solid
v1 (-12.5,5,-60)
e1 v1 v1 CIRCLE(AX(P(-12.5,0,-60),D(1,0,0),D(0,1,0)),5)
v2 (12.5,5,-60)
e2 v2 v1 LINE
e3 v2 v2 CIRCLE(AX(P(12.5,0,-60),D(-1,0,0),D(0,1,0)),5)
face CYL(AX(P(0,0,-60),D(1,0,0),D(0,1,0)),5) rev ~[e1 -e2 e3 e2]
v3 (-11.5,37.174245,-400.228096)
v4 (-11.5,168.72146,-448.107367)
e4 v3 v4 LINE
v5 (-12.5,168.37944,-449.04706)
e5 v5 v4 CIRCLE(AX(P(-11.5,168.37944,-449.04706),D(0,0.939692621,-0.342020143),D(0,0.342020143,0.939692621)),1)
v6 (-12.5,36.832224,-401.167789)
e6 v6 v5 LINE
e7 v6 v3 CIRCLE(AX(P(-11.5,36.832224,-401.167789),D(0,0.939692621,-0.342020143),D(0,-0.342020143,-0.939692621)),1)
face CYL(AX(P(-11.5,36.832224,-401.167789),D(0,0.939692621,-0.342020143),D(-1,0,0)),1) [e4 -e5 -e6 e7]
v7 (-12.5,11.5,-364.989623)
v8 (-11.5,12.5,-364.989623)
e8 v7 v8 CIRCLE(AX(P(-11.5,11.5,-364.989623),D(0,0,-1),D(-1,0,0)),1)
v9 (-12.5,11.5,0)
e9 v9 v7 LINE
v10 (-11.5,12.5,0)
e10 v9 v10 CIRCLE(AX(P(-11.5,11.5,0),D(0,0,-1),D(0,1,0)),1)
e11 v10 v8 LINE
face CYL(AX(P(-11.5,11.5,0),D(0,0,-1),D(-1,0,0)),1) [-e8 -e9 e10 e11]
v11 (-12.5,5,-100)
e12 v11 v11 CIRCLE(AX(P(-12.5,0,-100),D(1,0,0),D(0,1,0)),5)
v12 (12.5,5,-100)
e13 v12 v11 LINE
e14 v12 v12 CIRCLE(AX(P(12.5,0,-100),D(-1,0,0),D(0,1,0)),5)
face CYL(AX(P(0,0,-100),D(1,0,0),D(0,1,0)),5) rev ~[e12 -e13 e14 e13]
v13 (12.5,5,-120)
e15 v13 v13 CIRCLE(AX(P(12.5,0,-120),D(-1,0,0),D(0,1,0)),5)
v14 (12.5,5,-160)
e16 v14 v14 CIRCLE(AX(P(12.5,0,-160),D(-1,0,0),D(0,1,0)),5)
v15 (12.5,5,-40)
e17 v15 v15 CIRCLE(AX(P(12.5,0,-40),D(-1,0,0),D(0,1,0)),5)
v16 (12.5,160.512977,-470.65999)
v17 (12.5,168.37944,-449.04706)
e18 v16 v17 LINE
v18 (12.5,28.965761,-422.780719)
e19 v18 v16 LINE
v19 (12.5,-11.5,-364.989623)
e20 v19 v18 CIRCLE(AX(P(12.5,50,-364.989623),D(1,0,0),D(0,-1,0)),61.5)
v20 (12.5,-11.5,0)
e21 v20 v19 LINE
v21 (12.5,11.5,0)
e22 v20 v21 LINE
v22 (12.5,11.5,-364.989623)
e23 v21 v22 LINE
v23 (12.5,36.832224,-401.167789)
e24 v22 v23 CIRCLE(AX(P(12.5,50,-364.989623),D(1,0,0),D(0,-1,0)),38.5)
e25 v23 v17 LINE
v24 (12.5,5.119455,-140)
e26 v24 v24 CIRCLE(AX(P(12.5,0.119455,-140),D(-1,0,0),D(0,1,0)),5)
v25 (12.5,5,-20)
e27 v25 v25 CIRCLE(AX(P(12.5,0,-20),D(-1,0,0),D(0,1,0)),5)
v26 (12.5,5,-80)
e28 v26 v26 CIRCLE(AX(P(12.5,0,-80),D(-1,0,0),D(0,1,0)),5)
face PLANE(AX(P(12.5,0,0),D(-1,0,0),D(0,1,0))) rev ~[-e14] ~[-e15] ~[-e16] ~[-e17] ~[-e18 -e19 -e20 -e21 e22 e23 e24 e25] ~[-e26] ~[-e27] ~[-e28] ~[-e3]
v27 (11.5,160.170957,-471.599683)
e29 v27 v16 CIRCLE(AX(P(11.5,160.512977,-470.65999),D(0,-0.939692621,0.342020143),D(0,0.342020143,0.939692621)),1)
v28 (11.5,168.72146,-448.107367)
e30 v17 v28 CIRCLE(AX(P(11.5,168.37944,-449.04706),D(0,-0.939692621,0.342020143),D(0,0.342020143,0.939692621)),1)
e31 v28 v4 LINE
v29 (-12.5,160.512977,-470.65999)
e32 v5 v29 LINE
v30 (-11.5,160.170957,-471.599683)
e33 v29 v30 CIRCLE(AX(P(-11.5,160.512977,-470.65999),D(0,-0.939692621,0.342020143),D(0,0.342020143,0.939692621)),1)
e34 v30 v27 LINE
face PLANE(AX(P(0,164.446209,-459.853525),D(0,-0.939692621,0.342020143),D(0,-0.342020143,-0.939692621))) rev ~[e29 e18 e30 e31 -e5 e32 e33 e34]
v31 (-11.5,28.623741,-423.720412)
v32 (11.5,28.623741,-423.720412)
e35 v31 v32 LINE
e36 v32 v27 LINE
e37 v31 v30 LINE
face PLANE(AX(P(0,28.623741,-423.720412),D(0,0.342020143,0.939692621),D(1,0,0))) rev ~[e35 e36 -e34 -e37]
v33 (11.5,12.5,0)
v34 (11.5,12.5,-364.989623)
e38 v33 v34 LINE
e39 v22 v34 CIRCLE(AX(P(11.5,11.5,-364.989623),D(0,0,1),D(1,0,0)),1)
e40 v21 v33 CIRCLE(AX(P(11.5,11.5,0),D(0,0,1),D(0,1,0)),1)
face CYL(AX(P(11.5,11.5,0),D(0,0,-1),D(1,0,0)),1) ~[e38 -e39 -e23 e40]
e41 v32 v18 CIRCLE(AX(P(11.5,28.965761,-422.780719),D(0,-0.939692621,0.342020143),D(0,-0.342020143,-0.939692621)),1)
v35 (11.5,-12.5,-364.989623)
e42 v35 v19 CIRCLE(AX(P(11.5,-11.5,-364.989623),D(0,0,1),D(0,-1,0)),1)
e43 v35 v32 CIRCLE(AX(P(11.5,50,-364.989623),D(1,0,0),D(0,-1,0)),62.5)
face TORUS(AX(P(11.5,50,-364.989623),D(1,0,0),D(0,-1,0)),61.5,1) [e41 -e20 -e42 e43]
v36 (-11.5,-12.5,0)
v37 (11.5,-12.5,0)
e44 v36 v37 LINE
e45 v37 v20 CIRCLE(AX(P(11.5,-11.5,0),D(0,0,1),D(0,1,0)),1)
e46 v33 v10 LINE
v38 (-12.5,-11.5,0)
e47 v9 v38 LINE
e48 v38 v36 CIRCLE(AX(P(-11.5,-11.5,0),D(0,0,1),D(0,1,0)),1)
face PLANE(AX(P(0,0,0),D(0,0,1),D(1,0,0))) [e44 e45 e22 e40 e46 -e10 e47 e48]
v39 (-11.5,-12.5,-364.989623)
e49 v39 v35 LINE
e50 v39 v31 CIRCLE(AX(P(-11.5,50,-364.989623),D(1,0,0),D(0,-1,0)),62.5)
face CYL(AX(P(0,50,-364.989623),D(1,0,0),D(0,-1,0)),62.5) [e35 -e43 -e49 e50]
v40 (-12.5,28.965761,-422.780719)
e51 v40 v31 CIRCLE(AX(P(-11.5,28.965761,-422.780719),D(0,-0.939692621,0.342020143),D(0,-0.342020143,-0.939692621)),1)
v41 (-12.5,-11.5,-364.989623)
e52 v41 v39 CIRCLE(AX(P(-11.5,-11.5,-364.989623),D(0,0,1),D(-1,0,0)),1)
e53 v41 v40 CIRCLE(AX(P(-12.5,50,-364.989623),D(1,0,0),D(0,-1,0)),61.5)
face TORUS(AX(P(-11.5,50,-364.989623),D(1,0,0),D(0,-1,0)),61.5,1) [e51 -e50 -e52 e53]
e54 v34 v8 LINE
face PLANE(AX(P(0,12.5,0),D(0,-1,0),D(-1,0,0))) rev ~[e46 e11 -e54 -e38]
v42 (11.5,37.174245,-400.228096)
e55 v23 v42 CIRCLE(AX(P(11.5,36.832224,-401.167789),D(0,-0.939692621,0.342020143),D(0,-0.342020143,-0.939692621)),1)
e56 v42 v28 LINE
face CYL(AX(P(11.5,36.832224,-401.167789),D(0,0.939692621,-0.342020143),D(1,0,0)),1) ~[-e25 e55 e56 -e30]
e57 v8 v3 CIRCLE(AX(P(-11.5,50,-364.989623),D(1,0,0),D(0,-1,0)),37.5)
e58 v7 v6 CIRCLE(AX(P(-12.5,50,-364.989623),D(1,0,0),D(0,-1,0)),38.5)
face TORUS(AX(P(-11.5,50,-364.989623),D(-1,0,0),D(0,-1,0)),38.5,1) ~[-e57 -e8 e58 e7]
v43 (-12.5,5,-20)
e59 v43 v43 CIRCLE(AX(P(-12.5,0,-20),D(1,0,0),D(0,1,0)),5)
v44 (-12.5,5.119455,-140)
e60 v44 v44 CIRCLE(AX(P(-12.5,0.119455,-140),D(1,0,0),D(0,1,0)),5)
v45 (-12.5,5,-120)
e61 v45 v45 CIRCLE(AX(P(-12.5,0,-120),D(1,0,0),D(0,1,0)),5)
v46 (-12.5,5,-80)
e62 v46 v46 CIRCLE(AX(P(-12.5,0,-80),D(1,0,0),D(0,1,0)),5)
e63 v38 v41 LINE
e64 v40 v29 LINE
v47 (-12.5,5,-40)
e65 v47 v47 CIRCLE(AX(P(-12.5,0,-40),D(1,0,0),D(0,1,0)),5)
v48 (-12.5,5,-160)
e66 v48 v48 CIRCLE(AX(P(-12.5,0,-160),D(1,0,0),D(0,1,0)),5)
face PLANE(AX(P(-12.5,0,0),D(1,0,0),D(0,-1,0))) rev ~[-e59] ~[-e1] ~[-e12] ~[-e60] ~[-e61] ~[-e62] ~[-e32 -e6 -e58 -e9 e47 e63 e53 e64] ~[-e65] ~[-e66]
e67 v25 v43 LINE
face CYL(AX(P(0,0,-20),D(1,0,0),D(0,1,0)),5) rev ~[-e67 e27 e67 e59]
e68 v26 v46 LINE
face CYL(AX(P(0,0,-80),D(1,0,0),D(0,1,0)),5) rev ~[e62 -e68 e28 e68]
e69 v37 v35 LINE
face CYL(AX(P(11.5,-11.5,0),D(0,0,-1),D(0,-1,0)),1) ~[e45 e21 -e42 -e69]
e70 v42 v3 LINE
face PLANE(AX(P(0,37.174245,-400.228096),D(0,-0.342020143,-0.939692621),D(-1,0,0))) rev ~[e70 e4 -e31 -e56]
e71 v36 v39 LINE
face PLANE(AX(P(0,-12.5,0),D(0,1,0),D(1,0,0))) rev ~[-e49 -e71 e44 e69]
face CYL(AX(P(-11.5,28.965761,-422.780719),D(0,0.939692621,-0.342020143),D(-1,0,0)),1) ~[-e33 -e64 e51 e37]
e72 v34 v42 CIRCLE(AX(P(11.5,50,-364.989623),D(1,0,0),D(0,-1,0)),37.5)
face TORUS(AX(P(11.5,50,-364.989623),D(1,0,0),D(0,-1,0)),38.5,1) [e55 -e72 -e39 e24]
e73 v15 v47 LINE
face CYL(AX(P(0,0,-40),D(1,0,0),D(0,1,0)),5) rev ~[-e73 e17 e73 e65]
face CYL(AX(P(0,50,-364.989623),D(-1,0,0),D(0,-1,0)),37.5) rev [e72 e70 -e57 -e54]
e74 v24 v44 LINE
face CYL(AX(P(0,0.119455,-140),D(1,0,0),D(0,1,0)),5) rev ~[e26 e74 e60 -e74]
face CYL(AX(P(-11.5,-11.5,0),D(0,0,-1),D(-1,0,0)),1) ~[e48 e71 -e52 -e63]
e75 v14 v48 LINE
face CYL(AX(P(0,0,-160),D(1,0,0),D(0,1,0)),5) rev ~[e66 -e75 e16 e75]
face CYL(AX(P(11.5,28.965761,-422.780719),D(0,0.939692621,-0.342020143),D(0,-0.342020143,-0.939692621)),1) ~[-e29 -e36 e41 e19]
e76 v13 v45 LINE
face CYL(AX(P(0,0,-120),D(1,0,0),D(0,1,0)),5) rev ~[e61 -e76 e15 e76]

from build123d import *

# Parameters (mm, degrees)
F0_W          = 25
F0_H          = 25
F3_R          = 1
F4_R          = 5
F5_DEPTH      = 12.5010001
F5_DEPTH_BACK = 12.5010001


with BuildPart() as f2:
    # F2: sweep along a path in F1
    with BuildLine(Plane.YZ) as f2_path:
        Line((0, 0), (0, -364.9896230895))
        ThreePointArc((0, -364.9896230895), (9.0423977856, -393.6684449071), (32.8989928337, -411.9742541288))
        Line((32.8989928337, -411.9742541288), (164.4462086375, -459.853525082))
    # F0 (on Top) → F2 (sweep)
    with BuildSketch(Plane.XY):
        Rectangle(F0_W, F0_H)
    sweep(path=f2_path.line)

    # F3
    f3_edges = [f2.edges().sort_by_distance(p)[0] for p in [
        (12.5, -12.5, -182.494812),
        (12.5, -1.197003, -400.83815),
        (-12.5, 94.397349, -447.660047),
        (12.5, 102.947853, -424.167732),
        (-12.5, 102.947853, -424.167732),
    ]]
    fillet(f3_edges, radius=F3_R)

    # F4 (on Right) → F5 (cut, two sides)
    with BuildSketch(Plane.YZ) as f5_sk:
        with Locations((0, -20)):
            Circle(F4_R)
        with Locations((0, -40)):
            Circle(F4_R)
        with Locations((0, -60)):
            Circle(F4_R)
        with Locations((0, -80)):
            Circle(F4_R)
        with Locations((0, -100)):
            Circle(F4_R)
        with Locations((0, -120)):
            Circle(F4_R)
        with Locations((0.1194545839, -140)):
            Circle(F4_R)
        with Locations((0, -160)):
            Circle(F4_R)
    extrude(amount=-F5_DEPTH, mode=Mode.SUBTRACT)
    extrude(f5_sk.sketch, amount=F5_DEPTH_BACK, mode=Mode.SUBTRACT)


solid = f2.part
